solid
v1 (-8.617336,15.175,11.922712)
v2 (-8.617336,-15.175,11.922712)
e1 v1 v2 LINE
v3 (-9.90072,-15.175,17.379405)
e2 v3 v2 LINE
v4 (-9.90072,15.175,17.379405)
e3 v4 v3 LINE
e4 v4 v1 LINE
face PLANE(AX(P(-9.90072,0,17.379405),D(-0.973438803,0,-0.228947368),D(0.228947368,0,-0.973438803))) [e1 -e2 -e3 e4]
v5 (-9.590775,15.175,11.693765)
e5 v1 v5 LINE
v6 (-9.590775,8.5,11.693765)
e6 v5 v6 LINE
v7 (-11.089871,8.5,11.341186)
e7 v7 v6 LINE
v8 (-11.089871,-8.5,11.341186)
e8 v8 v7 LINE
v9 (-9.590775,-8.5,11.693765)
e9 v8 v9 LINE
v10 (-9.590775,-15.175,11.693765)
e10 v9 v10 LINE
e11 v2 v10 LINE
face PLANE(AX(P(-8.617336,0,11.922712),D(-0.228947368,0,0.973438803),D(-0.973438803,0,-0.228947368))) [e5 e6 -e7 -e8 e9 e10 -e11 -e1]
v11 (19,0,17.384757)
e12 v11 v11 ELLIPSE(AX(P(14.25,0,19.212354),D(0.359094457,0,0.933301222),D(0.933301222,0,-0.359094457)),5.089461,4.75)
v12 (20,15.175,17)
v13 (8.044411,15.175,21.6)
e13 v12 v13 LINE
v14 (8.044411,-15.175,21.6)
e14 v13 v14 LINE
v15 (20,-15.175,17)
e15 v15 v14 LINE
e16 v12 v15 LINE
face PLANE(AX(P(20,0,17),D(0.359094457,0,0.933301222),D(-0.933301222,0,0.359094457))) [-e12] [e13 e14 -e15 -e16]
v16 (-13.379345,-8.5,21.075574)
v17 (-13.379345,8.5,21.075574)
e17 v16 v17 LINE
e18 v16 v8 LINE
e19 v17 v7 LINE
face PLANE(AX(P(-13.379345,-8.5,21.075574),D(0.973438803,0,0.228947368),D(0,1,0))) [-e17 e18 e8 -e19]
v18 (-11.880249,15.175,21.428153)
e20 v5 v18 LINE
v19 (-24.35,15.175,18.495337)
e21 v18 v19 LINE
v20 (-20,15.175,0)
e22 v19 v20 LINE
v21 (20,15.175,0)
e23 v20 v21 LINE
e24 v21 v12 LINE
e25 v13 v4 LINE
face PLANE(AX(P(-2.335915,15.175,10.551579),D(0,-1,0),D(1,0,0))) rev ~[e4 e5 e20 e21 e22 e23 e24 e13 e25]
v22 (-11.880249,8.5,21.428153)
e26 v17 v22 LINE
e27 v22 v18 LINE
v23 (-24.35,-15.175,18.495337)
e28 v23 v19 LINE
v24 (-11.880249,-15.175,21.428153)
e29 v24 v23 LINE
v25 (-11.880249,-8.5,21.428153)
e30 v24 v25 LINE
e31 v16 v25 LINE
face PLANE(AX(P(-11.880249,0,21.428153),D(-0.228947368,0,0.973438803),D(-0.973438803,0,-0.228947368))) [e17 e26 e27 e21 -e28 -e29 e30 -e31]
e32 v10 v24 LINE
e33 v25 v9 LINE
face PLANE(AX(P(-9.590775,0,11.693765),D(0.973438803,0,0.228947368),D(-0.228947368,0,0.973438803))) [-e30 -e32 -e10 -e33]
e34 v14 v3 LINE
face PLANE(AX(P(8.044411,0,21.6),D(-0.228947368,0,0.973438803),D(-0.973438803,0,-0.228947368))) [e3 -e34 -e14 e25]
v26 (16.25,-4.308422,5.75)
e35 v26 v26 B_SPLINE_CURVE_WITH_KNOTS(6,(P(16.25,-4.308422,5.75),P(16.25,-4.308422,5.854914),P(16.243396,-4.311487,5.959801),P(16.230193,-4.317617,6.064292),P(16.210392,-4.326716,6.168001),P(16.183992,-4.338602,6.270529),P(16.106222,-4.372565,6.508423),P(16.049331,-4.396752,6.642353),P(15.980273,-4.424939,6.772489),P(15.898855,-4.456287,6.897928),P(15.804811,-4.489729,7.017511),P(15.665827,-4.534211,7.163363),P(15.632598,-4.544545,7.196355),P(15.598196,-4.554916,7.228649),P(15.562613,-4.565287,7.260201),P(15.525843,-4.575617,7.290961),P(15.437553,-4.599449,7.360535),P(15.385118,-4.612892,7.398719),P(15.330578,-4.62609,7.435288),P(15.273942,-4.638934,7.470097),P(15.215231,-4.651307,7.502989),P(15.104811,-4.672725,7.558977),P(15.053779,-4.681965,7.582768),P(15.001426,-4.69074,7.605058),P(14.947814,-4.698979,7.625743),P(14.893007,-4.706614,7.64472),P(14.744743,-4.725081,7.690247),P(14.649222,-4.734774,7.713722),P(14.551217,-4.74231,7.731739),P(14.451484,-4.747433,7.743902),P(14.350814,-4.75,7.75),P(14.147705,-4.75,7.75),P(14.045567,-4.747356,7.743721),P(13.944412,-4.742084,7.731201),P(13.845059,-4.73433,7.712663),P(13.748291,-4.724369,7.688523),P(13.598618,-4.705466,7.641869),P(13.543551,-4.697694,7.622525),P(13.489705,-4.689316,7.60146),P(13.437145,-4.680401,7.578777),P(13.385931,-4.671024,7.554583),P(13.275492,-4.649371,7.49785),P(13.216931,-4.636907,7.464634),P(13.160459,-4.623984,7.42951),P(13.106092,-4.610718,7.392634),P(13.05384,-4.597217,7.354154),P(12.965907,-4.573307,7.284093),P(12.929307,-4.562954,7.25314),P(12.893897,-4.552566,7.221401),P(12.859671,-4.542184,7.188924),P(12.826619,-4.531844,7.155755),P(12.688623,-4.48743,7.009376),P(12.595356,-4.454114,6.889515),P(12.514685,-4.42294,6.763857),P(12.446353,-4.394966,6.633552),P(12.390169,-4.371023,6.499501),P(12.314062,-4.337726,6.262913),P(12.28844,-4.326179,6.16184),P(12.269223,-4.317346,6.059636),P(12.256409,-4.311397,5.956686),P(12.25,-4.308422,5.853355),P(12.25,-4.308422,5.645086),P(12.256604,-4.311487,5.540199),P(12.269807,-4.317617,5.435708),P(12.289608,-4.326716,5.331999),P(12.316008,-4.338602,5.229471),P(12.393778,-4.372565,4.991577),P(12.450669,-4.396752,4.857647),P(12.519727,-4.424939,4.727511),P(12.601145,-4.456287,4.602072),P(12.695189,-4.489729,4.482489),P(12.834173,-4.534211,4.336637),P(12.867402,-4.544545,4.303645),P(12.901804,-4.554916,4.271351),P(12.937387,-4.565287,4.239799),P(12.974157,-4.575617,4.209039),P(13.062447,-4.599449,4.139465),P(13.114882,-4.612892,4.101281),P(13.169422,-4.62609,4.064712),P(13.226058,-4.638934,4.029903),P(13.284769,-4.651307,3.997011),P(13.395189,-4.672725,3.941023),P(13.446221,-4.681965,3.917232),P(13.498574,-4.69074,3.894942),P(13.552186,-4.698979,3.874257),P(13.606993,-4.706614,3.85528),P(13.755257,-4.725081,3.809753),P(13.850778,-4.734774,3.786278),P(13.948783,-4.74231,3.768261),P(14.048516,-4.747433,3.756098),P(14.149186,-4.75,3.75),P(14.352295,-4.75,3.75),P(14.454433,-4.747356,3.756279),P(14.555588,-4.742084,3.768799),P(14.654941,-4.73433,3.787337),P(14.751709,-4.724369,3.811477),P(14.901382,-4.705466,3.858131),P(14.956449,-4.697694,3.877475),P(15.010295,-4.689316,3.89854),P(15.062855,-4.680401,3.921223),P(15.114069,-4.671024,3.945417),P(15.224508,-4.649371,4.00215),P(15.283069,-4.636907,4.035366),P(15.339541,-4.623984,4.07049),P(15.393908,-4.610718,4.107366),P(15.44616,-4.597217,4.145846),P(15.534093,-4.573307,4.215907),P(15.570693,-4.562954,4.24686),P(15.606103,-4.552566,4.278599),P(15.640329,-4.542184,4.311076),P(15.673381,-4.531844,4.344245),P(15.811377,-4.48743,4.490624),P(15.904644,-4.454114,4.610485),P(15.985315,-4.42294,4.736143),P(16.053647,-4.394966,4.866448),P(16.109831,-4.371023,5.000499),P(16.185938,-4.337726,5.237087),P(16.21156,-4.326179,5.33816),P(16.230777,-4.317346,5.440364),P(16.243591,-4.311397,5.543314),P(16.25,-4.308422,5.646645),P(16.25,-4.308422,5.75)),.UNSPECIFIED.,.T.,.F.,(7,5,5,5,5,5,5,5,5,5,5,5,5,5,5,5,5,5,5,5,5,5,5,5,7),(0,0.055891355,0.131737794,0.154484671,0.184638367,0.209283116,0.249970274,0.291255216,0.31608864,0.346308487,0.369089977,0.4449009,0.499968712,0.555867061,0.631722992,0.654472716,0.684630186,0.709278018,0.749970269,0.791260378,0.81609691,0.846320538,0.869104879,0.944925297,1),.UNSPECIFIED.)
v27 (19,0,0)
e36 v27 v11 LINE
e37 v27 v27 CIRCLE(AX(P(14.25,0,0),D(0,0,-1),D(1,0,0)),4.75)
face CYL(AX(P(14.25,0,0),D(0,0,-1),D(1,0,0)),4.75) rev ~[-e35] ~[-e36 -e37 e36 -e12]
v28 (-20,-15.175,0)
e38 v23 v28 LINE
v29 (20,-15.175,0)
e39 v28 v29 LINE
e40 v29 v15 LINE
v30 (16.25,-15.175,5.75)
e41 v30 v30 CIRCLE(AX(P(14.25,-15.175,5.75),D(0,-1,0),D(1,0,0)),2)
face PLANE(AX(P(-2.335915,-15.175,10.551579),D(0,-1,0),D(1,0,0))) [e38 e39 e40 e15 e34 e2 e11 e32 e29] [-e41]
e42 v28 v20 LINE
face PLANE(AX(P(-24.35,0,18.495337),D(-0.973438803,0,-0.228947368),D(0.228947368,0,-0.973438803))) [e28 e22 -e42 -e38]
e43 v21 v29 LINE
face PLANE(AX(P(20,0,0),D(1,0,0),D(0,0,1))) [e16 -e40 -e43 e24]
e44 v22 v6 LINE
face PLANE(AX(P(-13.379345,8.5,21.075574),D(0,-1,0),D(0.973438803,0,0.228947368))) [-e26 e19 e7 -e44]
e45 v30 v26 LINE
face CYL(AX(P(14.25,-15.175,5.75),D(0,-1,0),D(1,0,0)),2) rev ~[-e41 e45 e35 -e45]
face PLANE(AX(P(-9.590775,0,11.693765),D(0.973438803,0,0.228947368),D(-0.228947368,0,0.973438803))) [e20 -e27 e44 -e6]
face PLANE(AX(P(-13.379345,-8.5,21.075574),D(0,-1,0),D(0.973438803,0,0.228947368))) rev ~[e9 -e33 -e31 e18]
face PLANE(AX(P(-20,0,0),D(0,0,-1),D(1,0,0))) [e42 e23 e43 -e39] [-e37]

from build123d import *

# Parameters (mm, degrees)
F1_DEPTH = 15.175
F2_R     = 4.75
F3_DEPTH = 21.601
F4_W     = 1.54
F4_H     = 17
F5_DEPTH = 10
F6_R     = 2
F7_DEPTH = 10.8675781151


with BuildPart() as f1:
    # F0 (on Front) → F1 (new body, symmetric)
    with BuildSketch(Plane.XZ):
        Polygon((-20, 0), (20, 0), (20, 17), (8.0444113487, 21.6), (-9.9007201474, 17.3794053198), (-8.6173364513, 11.9227123817), (-9.5907752539, 11.6937650133), (-11.8802489381, 21.4281530397), (-24.35, 18.4953372502), align=None)
    extrude(amount=F1_DEPTH, both=True)

    # F2 (on face) → F3 (cut, through all)
    with BuildSketch(Plane(origin=(0, 0, 0), x_dir=(1, 0, 0), z_dir=(0, 0, -1))):
        with Locations((14.25, 0)):
            Circle(F2_R)
    extrude(amount=-F3_DEPTH, mode=Mode.SUBTRACT)

    # F4 (on face) → F5 (cut)
    with BuildSketch(Plane(origin=(-5.3983379501, 0, 22.9526622939), x_dir=(0.9734388026, 0, 0.2289473684), z_dir=(-0.2289473684, 0, 0.9734388026))):
        with Locations((-7.4287760529, 0)):
            Rectangle(F4_W, F4_H)
    extrude(amount=-F5_DEPTH, mode=Mode.SUBTRACT)

    # F6 (on face) → F7 (cut, through all)
    with BuildSketch(Plane.XZ.offset(15.175)):
        with Locations((14.25, 5.75)):
            Circle(F6_R)
    extrude(amount=-F7_DEPTH, mode=Mode.SUBTRACT)


solid = f1.part
